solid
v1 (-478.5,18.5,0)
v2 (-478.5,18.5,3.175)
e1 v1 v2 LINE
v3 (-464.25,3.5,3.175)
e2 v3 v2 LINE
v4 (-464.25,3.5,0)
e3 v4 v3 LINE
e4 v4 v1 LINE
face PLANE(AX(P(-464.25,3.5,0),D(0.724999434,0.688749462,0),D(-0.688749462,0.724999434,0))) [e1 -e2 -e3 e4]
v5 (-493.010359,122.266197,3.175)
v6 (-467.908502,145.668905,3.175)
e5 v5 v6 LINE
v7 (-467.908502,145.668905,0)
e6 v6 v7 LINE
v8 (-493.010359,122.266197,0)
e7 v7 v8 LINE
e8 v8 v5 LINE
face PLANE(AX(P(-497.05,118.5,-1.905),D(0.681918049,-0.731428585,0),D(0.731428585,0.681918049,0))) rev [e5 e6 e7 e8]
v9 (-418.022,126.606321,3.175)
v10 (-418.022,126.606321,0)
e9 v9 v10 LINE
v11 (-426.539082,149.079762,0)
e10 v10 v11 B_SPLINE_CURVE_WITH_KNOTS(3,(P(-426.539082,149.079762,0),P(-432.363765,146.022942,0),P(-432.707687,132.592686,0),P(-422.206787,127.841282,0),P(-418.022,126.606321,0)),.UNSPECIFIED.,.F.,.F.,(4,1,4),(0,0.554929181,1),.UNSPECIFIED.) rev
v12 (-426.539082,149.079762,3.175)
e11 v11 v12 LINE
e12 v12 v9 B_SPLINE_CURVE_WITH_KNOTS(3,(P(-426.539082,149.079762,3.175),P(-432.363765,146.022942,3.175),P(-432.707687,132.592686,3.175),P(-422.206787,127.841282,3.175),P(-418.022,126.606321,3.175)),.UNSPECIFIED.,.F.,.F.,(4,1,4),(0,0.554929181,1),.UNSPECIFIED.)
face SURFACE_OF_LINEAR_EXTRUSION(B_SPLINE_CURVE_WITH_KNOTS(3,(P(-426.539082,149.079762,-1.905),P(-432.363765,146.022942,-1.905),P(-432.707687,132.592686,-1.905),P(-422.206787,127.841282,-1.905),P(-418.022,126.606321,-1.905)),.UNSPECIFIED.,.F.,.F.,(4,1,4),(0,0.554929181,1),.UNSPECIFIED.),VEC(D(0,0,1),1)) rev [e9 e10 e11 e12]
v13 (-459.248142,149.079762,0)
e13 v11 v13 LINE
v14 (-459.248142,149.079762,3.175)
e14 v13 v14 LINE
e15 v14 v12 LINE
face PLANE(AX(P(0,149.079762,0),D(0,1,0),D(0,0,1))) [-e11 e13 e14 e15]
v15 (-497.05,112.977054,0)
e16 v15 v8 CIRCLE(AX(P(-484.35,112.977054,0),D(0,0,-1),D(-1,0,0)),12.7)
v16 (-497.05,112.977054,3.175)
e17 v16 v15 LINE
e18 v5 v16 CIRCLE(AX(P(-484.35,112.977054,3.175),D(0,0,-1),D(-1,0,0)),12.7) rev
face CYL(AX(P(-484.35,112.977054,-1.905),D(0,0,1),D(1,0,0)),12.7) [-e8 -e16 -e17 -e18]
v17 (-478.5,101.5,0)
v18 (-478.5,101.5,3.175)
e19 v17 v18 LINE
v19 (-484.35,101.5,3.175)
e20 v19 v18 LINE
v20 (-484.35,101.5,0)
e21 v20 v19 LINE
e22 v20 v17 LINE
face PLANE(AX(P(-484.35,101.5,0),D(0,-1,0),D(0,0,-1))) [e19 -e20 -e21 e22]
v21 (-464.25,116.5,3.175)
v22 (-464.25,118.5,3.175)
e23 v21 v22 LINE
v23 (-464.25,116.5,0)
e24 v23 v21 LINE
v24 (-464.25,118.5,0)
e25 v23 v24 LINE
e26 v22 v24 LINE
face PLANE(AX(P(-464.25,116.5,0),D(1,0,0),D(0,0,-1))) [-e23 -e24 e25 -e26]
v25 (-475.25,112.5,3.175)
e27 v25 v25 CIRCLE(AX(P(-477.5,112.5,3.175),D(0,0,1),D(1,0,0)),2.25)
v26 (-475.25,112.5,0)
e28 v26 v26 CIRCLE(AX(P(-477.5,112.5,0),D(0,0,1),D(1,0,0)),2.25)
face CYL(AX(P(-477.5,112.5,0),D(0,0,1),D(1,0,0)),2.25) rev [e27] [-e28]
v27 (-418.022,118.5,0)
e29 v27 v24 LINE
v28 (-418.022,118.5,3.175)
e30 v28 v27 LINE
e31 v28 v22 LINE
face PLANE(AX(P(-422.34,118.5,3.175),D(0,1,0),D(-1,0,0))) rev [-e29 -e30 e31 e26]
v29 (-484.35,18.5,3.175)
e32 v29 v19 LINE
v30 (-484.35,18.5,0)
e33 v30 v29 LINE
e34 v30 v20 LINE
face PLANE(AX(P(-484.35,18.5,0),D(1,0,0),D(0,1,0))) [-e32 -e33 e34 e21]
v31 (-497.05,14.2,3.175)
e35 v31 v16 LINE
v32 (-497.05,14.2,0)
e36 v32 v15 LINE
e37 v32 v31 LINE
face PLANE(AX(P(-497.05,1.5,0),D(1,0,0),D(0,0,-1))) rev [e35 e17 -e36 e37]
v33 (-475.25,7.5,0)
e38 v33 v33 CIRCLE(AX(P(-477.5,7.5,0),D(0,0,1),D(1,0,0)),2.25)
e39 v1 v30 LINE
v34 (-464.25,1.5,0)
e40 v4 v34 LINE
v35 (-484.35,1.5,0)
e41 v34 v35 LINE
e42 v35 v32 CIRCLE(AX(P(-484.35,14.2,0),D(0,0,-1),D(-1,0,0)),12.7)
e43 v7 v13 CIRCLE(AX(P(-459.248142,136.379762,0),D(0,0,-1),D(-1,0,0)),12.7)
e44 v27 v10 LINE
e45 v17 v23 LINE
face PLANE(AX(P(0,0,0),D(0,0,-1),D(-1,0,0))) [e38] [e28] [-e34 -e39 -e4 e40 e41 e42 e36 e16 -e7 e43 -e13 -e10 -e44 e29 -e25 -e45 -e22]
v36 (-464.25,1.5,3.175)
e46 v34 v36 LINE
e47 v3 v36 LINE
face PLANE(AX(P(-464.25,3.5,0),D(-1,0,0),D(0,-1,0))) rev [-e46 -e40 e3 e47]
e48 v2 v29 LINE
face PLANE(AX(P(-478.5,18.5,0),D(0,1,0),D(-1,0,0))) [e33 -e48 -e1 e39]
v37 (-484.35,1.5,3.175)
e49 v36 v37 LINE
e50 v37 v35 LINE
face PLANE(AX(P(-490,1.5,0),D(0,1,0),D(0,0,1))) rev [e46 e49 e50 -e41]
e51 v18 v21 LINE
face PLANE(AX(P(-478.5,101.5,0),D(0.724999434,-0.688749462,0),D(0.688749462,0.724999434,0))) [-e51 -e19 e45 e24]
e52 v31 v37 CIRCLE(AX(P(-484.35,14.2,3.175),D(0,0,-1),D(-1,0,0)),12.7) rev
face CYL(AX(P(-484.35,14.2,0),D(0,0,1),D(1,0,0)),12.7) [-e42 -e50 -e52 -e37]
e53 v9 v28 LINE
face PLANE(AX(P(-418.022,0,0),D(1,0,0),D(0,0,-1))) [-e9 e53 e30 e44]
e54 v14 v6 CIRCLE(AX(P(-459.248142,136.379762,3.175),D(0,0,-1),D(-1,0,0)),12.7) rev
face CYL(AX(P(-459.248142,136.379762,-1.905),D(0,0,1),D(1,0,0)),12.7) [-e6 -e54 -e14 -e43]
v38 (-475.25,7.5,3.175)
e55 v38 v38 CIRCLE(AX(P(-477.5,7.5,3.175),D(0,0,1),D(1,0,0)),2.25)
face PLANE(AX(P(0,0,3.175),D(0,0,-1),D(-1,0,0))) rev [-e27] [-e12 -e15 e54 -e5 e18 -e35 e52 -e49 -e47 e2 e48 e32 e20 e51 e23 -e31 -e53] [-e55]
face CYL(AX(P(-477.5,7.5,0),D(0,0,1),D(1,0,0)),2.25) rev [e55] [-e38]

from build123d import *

# Parameters (mm, degrees)
F_3DSKETCH1_R         = 2.25
BOSS_EXTRUDE1_DEPTH   = 3.175
BOSS_EXTRUDE1_2_DEPTH = 3.175
BOSS_EXTRUDE1_3_DEPTH = 3.175
SKETCH2_W             = 3.175
SKETCH2_H             = 22.959761953
BOSS_EXTRUDE2_DEPTH   = 41.91
SKETCH3_W             = 67.66
SKETCH3_H             = 3.175
SKETCH3_W_2           = 7.05
BOSS_EXTRUDE3_DEPTH   = 7.62
SKETCH4_W             = 3.175
SKETCH4_H             = 30.579761953
BOSS_EXTRUDE4_DEPTH   = 4.318
CUT_EXTRUDE1_DEPTH    = 5.08
FILLET1_R             = 12.7


with BuildPart() as part:
    # 3DSketch1 → Boss-Extrude1 (new body)
    with BuildSketch(Plane(origin=(-464.25, 116.5, 0), x_dir=(-0.27427932364426477, -0.9616500676551969, 0), z_dir=(0, 0, -1))):
        Polygon((-1.923300135, 0.548558647), (0, 0), (18.333231377, 9.589323609), (19.93776542, 15.214976505), (99.754721035, -7.550207357), (98.150186992, -13.175860253), (108.666457645, -30.993563572), (110.58975778, -31.542122219), (117.652450364, -6.779632977), (5.139392449, 25.311047889), align=None)
        with Locations(Location((108.454058413, -17.154582881, 0), (0, 0, 254.080928829))):
            Circle(F_3DSKETCH1_R, mode=Mode.SUBTRACT)
        with Locations(Location((7.480801309, 11.644746102, 0), (0, 0, 254.080928829))):
            Circle(F_3DSKETCH1_R, mode=Mode.SUBTRACT)
    extrude(amount=-BOSS_EXTRUDE1_DEPTH)



with BuildPart() as body_2:
    # 3DSketch1 → Boss-Extrude1 2 (new body)
    with BuildSketch(Plane(origin=(-464.25, 116.5, 0), x_dir=(-0.27427932364426477, -0.9616500676551969, 0), z_dir=(0, 0, -1))):
        Polygon((-24.002556771, 6.845946627), (-1.923300135, 0.548558647), (5.139392449, 25.311047889), (-16.939864187, 31.608435869), align=None)
    extrude(amount=-BOSS_EXTRUDE1_2_DEPTH)


with BuildPart() as body_3:
    # 3DSketch1 → Boss-Extrude1 3 (new body)
    with BuildSketch(Plane(origin=(-464.25, 116.5, 0), x_dir=(-0.27427932364426477, -0.9616500676551969, 0), z_dir=(0, 0, -1))):
        Polygon((-16.939864187, 31.608435869), (5.139392449, 25.311047889), (117.652450364, -6.779632977), (119.586119596, 0), (-15.006194955, 38.388068846), align=None)
    extrude(amount=-BOSS_EXTRUDE1_3_DEPTH)


with BuildPart() as part_1:
    add(part.part)

    add(body_2.part)  # Boss-Extrude2 merges body 2
    # Sketch2 → Boss-Extrude2 (add)
    with BuildSketch(Plane(origin=(-464.25, 0, 0), x_dir=(0, 0, -1), z_dir=(1, 0, 0))):
        with Locations((-1.5875, 129.979880976)):
            Rectangle(SKETCH2_W, SKETCH2_H)
    extrude(amount=BOSS_EXTRUDE2_DEPTH)


    add(body_3.part)  # Boss-Extrude3 merges body 3
    # Sketch3 → Boss-Extrude3 (add)
    with BuildSketch(Plane(origin=(0, 141.459761953, 0), x_dir=(1, 0, 0), z_dir=(0, 1, 0))):
        with Locations((-456.17, -1.5875)):
            Rectangle(SKETCH3_W, SKETCH3_H)
        with Locations((-493.525, -1.5875)):
            Rectangle(SKETCH3_W_2, SKETCH3_H)
    extrude(amount=BOSS_EXTRUDE3_DEPTH)

    # Sketch4 → Boss-Extrude4 (add)
    with BuildSketch(Plane(origin=(-422.34, 0, 0), x_dir=(0, 0, -1), z_dir=(1, 0, 0))):
        with Locations((-1.5875, 133.789880977)):
            Rectangle(SKETCH4_W, SKETCH4_H)
    extrude(amount=BOSS_EXTRUDE4_DEPTH)

    # Sketch5 → Cut-Extrude1 (cut)
    with BuildSketch(Plane.XY.offset(3.175)):
        with BuildLine():
            Line((-426.539082165, 149.079761953), (-418.022, 149.079761953))
            Line((-418.022, 149.079761953), (-418.022, 126.606320753))
            add(Edge.make_bspline(
                [(-418.022, 126.606320753), (-422.206786757, 127.841281747), (-432.70768746, 132.592685738), (-432.363764658, 146.022941569), (-426.539082165, 149.079761953)],
                knots=[0, 0, 0, 0, 0.445070819, 1, 1, 1, 1], degree=3))
        make_face()
        Polygon((-497.05, 118.5), (-464.25, 149.079761953), (-497.05, 149.079761953), align=None)
    extrude(amount=-CUT_EXTRUDE1_DEPTH, mode=Mode.SUBTRACT)

    # Fillet1
    fillet1_edges = [part_1.edges().sort_by_distance(p)[0] for p in [
        (-497.05, 1.5, 1.5875),
        (-464.25, 149.079761953, 1.5875),
        (-497.05, 118.5, 1.5875),
    ]]
    fillet(fillet1_edges, radius=FILLET1_R)


solid = part_1.part
